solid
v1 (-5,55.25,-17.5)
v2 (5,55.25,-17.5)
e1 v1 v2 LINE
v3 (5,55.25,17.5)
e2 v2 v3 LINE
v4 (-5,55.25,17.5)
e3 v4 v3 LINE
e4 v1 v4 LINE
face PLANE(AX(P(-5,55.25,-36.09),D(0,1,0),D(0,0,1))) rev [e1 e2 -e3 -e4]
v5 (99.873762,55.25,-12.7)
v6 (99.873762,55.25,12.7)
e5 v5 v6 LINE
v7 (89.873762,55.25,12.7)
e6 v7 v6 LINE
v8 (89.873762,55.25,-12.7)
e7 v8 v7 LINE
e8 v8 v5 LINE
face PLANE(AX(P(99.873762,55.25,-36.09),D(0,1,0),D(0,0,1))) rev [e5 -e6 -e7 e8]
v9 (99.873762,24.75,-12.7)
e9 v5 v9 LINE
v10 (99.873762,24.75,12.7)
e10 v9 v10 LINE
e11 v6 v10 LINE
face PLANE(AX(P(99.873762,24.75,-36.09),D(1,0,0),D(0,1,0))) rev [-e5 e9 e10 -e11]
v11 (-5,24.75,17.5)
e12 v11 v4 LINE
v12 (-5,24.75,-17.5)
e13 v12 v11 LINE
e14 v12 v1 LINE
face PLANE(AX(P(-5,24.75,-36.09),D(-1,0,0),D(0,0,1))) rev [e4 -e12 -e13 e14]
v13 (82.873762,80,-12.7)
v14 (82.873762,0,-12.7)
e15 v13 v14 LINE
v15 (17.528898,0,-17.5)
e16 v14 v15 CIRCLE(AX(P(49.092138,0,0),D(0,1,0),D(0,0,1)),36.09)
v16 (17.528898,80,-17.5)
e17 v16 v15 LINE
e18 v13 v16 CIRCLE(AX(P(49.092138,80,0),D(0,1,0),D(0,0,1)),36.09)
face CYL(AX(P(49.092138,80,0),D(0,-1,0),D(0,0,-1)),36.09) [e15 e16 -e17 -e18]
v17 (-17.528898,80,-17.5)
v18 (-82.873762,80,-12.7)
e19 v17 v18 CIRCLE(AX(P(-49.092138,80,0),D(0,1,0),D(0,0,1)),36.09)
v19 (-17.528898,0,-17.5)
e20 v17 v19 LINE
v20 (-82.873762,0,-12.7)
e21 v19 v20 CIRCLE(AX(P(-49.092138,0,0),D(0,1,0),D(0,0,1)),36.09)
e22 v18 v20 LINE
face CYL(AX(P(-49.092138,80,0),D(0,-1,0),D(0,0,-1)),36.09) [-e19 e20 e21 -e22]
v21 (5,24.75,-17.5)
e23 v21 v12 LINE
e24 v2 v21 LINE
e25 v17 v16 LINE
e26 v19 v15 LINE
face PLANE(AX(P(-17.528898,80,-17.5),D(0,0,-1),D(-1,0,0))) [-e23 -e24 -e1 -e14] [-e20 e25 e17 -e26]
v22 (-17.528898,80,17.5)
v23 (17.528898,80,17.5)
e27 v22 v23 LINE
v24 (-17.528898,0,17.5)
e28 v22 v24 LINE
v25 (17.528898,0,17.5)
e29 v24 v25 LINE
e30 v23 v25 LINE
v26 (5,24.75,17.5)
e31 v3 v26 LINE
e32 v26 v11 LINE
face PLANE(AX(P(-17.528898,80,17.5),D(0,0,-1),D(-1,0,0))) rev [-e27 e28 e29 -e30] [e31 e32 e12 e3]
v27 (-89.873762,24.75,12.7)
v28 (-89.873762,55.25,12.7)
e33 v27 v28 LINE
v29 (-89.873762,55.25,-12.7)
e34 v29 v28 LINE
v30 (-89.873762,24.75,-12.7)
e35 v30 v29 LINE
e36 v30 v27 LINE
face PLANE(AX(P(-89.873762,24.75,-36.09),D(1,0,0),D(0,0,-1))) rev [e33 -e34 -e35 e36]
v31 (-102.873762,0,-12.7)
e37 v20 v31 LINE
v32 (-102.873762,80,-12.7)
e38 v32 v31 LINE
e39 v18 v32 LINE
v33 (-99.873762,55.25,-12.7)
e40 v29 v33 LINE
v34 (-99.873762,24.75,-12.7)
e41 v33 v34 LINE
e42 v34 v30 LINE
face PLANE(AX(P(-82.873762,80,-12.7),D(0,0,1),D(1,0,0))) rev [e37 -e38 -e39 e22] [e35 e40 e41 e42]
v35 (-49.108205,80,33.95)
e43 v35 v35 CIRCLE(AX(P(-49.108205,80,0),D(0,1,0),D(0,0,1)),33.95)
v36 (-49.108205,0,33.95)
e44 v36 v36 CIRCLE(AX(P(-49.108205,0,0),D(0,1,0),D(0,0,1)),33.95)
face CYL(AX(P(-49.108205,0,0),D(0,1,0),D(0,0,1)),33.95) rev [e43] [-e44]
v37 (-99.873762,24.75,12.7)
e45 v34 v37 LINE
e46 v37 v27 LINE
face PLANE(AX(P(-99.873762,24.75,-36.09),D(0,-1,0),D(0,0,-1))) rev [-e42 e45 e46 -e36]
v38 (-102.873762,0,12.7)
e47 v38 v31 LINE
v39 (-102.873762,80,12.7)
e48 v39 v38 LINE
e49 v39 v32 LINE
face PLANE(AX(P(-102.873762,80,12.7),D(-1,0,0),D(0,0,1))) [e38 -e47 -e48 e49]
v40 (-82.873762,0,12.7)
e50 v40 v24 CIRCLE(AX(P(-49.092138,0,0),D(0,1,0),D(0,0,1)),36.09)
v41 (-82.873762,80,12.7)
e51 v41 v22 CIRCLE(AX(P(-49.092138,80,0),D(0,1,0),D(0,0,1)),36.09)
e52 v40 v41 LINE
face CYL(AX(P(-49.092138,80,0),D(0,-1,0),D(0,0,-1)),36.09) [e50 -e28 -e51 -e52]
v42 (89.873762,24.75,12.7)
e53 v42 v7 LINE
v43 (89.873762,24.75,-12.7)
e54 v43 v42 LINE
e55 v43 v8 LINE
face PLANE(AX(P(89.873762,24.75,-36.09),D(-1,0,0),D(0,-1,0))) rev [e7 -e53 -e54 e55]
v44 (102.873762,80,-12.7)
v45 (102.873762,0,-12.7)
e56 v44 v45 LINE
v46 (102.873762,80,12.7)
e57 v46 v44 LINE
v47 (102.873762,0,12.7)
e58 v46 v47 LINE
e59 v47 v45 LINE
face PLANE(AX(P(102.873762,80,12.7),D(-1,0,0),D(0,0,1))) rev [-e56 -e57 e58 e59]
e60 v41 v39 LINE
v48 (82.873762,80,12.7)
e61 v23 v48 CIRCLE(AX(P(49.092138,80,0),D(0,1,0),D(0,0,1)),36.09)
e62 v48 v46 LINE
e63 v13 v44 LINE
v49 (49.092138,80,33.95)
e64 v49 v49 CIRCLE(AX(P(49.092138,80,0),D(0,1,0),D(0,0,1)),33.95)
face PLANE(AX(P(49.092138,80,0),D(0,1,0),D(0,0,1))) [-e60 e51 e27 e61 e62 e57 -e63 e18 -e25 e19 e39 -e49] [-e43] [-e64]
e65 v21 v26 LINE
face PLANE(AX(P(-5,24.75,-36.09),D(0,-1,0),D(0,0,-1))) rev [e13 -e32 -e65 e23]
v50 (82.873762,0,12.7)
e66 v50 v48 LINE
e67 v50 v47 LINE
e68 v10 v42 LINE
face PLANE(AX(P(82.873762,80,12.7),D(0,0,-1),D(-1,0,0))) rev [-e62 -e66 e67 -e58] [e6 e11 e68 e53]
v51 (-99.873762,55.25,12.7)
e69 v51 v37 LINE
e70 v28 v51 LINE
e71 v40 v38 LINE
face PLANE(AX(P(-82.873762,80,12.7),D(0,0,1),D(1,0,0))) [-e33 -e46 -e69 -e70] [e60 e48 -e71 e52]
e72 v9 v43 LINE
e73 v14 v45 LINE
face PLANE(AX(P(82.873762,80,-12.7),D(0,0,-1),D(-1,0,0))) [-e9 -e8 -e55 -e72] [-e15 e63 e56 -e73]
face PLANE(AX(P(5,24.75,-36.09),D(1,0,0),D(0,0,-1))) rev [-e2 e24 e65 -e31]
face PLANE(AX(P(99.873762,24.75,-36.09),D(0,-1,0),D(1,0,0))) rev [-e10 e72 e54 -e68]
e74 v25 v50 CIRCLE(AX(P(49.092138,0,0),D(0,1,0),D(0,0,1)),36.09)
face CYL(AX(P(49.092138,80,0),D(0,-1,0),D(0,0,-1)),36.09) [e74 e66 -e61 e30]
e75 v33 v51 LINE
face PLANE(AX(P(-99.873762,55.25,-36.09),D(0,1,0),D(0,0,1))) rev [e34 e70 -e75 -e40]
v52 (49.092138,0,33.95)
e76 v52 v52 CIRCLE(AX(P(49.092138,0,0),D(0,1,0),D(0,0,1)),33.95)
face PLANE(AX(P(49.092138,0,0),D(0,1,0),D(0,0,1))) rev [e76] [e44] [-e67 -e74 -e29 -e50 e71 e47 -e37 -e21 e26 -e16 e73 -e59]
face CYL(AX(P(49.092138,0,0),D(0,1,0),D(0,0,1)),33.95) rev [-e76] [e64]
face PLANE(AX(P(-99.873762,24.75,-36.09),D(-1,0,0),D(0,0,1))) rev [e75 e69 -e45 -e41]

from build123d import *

# Parameters (mm, degrees)
SKETCH1_W               = 20
SKETCH1_H               = 25.4
BOSS_EXTRUDE1_DEPTH     = 80
SKETCH2_R               = 33.95
CUT_EXTRUDE1_DEPTH      = 80
CUT_EXTRUDE3_DEPTH      = 140.152703783
CUT_EXTRUDE3_DEPTH_BACK = 140.152703783
SKETCH3_W               = 10
SKETCH3_H               = 30.5


with BuildPart() as part:
    # Sketch1 → Boss-Extrude1 (new body)
    with BuildSketch(Plane(origin=(0, 0, 0), x_dir=(1, 0, 0), z_dir=(0, 1, 0))):
        with BuildLine():
            Line((-17.528898419, 17.5), (17.528898419, 17.5))
            ThreePointArc((17.528898419, 17.5), (85.182138113, 0), (17.528898419, -17.5))
            Line((17.528898419, -17.5), (-17.528898419, -17.5))
            ThreePointArc((-17.528898419, -17.5), (-85.182138113, 0), (-17.528898419, 17.5))
        make_face()
        with Locations((-92.873761816, 0)):
            Rectangle(SKETCH1_W, SKETCH1_H)
        with Locations((92.873761816, 0)):
            Rectangle(SKETCH1_W, SKETCH1_H)
    extrude(amount=BOSS_EXTRUDE1_DEPTH)

    # Sketch2 → Cut-Extrude1 (cut)
    with BuildSketch(Plane(origin=(0, 80, 0), x_dir=(1, 0, 0), z_dir=(0, 1, 0))):
        with Locations(Location((-49.108204523, 0, 0), (0, 0, 270))):
            Circle(SKETCH2_R)
        with Locations(Location((49.092138113, 0, 0), (0, 0, 270))):
            Circle(SKETCH2_R)
    extrude(amount=-CUT_EXTRUDE1_DEPTH, mode=Mode.SUBTRACT)

    # Sketch3 → Cut-Extrude3 (cut, two sides: drawn at the far end of the back side and taken through both)
    with BuildSketch(Plane.XY.offset(12.7).offset(-CUT_EXTRUDE3_DEPTH_BACK)):
        with Locations((0, 40)):
            Rectangle(SKETCH3_W, SKETCH3_H)
        with Locations((-94.873761816, 40)):
            Rectangle(SKETCH3_W, SKETCH3_H)
        with Locations((94.873761816, 40)):
            Rectangle(SKETCH3_W, SKETCH3_H)
    extrude(amount=CUT_EXTRUDE3_DEPTH + CUT_EXTRUDE3_DEPTH_BACK, mode=Mode.SUBTRACT)


solid = part.part
